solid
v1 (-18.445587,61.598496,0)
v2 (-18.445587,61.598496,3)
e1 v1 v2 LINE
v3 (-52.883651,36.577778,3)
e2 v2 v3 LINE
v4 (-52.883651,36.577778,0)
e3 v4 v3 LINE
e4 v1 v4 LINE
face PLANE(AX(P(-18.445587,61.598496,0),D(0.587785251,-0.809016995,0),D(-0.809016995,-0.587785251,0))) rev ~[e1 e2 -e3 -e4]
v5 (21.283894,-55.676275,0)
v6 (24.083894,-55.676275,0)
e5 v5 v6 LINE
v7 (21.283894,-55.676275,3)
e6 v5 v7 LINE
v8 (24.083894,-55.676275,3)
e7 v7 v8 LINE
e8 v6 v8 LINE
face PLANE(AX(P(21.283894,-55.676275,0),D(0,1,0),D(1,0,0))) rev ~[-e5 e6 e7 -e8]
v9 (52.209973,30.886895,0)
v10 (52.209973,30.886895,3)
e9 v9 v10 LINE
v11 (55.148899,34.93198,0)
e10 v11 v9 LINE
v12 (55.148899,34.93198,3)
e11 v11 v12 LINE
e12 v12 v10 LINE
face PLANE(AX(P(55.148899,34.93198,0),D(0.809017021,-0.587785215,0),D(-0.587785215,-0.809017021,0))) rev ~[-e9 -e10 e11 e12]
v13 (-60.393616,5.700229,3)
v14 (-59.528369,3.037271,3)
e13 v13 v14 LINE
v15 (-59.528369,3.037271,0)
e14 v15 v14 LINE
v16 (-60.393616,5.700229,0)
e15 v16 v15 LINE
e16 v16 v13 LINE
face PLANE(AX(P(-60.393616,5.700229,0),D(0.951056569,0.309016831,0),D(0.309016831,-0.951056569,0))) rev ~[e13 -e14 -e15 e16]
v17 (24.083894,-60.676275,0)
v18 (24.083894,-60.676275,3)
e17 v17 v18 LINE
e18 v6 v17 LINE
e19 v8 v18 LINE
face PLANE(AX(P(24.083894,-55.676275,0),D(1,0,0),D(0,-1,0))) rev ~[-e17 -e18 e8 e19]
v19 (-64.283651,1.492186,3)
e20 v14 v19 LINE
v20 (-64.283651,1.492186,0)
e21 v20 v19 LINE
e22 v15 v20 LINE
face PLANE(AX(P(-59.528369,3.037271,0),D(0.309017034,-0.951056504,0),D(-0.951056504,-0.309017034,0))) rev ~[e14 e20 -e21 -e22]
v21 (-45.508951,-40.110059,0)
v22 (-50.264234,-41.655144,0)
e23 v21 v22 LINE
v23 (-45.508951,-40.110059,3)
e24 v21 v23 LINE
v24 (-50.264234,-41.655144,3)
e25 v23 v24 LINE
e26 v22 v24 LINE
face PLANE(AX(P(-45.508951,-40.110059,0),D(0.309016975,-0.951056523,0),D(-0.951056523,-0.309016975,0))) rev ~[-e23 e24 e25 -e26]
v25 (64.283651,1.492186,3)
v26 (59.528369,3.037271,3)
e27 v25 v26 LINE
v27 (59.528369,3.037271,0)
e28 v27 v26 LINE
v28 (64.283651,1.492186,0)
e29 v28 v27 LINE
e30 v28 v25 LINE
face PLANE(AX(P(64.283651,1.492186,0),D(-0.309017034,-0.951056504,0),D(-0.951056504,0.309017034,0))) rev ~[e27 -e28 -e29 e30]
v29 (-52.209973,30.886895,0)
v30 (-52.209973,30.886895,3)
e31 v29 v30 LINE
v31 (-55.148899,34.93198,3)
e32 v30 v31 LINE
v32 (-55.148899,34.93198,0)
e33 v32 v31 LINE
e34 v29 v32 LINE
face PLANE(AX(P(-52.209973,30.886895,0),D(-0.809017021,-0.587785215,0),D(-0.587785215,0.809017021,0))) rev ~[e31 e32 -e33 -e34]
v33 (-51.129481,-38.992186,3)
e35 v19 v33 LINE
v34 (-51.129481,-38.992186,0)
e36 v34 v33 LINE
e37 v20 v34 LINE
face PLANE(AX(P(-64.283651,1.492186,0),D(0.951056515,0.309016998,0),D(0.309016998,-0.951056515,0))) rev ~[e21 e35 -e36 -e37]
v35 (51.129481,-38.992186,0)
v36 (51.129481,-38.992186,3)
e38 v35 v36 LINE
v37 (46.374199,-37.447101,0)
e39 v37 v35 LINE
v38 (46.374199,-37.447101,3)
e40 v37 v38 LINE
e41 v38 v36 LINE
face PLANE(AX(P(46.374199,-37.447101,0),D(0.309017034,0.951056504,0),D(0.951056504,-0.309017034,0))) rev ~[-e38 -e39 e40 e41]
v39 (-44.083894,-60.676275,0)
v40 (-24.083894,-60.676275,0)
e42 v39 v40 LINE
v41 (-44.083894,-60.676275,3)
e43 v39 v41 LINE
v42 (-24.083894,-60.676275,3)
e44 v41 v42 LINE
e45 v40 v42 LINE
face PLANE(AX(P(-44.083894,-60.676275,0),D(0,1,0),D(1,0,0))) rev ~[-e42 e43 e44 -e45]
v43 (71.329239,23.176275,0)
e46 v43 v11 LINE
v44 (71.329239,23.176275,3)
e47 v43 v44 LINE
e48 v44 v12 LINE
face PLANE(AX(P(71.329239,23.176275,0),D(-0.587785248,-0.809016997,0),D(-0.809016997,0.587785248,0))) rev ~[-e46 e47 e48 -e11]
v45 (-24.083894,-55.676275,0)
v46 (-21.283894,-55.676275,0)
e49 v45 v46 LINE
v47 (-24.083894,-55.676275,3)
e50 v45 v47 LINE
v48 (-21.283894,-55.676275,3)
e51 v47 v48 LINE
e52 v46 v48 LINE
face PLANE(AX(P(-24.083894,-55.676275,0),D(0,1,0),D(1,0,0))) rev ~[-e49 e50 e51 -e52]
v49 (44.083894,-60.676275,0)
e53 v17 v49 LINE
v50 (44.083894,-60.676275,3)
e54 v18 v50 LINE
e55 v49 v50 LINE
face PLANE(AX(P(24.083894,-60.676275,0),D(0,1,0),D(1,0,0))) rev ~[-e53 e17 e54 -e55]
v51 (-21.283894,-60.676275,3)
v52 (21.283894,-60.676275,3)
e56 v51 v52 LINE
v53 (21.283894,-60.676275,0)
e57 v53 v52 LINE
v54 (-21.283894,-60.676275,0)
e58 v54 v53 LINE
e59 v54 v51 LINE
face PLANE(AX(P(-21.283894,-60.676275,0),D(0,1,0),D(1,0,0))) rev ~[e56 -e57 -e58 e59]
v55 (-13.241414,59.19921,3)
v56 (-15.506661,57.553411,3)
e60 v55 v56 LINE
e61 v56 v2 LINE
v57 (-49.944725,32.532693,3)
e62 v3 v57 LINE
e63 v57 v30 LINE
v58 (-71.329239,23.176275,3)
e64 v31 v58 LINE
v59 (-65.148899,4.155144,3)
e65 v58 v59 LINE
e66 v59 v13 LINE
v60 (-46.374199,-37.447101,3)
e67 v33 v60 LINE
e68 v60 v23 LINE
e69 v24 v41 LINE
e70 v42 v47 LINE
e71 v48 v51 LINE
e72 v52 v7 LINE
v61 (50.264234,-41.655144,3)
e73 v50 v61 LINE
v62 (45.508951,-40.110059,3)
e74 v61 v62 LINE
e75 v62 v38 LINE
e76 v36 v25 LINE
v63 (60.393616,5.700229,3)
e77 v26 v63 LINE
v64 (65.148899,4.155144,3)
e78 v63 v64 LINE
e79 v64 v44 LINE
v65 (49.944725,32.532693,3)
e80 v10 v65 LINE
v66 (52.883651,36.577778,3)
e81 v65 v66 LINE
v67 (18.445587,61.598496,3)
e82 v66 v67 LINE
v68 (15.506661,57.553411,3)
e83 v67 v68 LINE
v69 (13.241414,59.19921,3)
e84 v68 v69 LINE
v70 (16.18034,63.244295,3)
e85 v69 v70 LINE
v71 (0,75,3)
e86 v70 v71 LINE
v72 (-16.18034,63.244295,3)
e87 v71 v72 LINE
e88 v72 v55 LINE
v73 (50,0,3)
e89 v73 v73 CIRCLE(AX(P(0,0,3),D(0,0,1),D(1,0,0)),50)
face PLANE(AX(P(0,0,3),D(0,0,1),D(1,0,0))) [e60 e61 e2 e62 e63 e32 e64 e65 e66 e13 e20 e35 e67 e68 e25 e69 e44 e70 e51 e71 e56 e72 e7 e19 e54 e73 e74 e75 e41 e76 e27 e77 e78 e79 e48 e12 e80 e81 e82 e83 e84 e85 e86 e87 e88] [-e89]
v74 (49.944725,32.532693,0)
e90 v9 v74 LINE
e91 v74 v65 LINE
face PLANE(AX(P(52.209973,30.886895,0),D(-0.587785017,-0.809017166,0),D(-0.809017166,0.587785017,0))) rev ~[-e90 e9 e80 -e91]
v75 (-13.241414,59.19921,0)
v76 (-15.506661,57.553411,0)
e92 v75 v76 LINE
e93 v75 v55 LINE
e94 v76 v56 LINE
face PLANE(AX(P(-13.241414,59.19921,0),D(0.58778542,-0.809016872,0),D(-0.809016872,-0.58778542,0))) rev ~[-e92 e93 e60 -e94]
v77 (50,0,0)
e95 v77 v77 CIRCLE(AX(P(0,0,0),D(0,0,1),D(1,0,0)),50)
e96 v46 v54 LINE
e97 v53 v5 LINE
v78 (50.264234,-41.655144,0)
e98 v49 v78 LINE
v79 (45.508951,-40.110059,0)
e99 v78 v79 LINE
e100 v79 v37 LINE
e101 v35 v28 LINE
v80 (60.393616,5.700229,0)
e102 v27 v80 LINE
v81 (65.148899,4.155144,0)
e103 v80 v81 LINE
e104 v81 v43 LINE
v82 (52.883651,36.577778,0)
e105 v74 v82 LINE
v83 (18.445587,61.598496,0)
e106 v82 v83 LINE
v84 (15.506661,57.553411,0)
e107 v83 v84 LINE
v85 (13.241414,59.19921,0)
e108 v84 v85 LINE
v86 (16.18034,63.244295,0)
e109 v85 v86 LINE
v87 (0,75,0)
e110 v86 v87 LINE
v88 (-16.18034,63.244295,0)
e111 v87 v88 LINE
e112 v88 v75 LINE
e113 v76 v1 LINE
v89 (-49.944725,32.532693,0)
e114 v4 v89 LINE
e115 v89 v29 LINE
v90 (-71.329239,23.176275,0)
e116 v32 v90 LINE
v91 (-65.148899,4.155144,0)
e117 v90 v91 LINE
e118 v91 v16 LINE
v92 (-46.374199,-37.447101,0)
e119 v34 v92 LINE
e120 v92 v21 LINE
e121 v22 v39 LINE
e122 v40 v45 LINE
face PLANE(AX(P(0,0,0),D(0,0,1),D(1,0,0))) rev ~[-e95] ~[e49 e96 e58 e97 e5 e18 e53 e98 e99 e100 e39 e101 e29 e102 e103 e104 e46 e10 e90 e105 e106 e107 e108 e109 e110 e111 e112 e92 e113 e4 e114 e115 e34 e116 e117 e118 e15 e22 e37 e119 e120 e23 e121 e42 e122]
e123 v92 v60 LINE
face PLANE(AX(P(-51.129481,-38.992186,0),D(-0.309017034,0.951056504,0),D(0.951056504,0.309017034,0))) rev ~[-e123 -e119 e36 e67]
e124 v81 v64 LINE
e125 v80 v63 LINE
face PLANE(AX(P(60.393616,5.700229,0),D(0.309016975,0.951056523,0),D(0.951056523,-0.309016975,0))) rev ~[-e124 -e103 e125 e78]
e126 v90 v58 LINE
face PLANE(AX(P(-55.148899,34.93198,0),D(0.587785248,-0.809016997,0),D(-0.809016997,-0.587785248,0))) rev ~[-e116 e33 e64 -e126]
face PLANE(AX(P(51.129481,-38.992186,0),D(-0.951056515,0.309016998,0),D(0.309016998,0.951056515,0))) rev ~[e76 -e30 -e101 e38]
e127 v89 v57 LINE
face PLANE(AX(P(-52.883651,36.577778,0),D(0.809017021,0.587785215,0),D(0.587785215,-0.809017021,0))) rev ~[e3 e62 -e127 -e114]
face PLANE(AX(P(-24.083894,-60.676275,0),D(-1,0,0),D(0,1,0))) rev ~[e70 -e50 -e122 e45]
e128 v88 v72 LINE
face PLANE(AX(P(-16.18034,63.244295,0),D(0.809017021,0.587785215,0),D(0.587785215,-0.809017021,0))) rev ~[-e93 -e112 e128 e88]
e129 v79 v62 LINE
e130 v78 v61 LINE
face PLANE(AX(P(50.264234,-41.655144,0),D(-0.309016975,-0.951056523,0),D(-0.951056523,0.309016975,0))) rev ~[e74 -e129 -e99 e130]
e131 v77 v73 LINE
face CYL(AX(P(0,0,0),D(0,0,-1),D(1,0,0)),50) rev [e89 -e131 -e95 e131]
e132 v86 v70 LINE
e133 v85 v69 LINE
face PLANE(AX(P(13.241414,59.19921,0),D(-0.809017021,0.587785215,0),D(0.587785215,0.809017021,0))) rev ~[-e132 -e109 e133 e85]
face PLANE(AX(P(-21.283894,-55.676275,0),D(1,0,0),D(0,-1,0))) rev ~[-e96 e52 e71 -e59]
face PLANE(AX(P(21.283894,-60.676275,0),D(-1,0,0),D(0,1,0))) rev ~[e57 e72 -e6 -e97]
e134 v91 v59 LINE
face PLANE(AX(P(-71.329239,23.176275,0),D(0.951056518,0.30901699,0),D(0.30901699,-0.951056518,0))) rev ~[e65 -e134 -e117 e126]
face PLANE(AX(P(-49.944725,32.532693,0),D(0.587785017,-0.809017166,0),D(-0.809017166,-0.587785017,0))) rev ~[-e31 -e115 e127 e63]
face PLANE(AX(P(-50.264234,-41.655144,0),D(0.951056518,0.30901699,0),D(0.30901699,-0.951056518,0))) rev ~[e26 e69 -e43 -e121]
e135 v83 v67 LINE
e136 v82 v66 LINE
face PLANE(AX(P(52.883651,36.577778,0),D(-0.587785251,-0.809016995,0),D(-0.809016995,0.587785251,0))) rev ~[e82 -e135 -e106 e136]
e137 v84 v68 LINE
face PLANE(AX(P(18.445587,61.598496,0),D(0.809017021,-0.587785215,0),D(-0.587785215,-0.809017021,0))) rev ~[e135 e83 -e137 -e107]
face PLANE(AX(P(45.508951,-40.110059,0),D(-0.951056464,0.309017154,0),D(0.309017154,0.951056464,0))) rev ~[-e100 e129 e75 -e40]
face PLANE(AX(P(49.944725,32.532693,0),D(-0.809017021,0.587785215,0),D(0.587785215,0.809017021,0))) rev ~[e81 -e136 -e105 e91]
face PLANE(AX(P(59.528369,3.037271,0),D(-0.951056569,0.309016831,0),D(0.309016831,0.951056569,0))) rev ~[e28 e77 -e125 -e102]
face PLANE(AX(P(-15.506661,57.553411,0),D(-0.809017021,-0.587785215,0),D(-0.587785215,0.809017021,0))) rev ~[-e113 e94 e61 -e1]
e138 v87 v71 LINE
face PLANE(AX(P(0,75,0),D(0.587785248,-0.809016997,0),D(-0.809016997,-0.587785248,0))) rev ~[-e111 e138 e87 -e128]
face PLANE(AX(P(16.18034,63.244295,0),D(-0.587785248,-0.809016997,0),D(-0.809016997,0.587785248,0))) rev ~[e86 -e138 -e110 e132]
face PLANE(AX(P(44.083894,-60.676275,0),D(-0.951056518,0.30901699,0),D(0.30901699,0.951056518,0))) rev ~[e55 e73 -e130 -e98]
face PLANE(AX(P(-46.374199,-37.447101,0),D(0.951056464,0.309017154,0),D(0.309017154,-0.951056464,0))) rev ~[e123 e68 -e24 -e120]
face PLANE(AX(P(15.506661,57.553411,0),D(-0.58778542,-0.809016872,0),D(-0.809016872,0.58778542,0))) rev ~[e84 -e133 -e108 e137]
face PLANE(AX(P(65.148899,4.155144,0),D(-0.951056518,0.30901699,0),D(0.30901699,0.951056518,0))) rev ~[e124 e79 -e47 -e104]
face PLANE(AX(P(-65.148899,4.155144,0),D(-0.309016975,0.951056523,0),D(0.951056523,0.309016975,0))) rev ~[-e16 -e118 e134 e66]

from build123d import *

# Parameters (mm, degrees)
F0_R     = 50
F1_DEPTH = 3


with BuildPart() as f1:
    # F0 (on Top) → F1 (new body)
    with BuildSketch(Plane.XY):
        Polygon((16.18034, 63.244295), (0, 75), (-16.18034, 63.244295), (-13.241414, 59.19921), (-15.506661, 57.553411), (-18.445587, 61.598496), (-52.883651, 36.577778), (-49.944725, 32.532693), (-52.209973, 30.886895), (-55.148899, 34.93198), (-71.329239, 23.176275), (-65.148899, 4.155144), (-60.393616, 5.700229), (-59.528369, 3.037271), (-64.283651, 1.492186), (-51.129481, -38.992186), (-46.374199, -37.447101), (-45.508951, -40.110059), (-50.264234, -41.655144), (-44.083894, -60.676275), (-24.083894, -60.676275), (-24.083894, -55.676275), (-21.283894, -55.676275), (-21.283894, -60.676275), (21.283894, -60.676275), (21.283894, -55.676275), (24.083894, -55.676275), (24.083894, -60.676275), (44.083894, -60.676275), (50.264234, -41.655144), (45.508951, -40.110059), (46.374199, -37.447101), (51.129481, -38.992186), (64.283651, 1.492186), (59.528369, 3.037271), (60.393616, 5.700229), (65.148899, 4.155144), (71.329239, 23.176275), (55.148899, 34.93198), (52.209973, 30.886895), (49.944725, 32.532693), (52.883651, 36.577778), (18.445587, 61.598496), (15.506661, 57.553411), (13.241414, 59.19921), align=None)
        Circle(F0_R, mode=Mode.SUBTRACT)
    extrude(amount=F1_DEPTH)


solid = f1.part
